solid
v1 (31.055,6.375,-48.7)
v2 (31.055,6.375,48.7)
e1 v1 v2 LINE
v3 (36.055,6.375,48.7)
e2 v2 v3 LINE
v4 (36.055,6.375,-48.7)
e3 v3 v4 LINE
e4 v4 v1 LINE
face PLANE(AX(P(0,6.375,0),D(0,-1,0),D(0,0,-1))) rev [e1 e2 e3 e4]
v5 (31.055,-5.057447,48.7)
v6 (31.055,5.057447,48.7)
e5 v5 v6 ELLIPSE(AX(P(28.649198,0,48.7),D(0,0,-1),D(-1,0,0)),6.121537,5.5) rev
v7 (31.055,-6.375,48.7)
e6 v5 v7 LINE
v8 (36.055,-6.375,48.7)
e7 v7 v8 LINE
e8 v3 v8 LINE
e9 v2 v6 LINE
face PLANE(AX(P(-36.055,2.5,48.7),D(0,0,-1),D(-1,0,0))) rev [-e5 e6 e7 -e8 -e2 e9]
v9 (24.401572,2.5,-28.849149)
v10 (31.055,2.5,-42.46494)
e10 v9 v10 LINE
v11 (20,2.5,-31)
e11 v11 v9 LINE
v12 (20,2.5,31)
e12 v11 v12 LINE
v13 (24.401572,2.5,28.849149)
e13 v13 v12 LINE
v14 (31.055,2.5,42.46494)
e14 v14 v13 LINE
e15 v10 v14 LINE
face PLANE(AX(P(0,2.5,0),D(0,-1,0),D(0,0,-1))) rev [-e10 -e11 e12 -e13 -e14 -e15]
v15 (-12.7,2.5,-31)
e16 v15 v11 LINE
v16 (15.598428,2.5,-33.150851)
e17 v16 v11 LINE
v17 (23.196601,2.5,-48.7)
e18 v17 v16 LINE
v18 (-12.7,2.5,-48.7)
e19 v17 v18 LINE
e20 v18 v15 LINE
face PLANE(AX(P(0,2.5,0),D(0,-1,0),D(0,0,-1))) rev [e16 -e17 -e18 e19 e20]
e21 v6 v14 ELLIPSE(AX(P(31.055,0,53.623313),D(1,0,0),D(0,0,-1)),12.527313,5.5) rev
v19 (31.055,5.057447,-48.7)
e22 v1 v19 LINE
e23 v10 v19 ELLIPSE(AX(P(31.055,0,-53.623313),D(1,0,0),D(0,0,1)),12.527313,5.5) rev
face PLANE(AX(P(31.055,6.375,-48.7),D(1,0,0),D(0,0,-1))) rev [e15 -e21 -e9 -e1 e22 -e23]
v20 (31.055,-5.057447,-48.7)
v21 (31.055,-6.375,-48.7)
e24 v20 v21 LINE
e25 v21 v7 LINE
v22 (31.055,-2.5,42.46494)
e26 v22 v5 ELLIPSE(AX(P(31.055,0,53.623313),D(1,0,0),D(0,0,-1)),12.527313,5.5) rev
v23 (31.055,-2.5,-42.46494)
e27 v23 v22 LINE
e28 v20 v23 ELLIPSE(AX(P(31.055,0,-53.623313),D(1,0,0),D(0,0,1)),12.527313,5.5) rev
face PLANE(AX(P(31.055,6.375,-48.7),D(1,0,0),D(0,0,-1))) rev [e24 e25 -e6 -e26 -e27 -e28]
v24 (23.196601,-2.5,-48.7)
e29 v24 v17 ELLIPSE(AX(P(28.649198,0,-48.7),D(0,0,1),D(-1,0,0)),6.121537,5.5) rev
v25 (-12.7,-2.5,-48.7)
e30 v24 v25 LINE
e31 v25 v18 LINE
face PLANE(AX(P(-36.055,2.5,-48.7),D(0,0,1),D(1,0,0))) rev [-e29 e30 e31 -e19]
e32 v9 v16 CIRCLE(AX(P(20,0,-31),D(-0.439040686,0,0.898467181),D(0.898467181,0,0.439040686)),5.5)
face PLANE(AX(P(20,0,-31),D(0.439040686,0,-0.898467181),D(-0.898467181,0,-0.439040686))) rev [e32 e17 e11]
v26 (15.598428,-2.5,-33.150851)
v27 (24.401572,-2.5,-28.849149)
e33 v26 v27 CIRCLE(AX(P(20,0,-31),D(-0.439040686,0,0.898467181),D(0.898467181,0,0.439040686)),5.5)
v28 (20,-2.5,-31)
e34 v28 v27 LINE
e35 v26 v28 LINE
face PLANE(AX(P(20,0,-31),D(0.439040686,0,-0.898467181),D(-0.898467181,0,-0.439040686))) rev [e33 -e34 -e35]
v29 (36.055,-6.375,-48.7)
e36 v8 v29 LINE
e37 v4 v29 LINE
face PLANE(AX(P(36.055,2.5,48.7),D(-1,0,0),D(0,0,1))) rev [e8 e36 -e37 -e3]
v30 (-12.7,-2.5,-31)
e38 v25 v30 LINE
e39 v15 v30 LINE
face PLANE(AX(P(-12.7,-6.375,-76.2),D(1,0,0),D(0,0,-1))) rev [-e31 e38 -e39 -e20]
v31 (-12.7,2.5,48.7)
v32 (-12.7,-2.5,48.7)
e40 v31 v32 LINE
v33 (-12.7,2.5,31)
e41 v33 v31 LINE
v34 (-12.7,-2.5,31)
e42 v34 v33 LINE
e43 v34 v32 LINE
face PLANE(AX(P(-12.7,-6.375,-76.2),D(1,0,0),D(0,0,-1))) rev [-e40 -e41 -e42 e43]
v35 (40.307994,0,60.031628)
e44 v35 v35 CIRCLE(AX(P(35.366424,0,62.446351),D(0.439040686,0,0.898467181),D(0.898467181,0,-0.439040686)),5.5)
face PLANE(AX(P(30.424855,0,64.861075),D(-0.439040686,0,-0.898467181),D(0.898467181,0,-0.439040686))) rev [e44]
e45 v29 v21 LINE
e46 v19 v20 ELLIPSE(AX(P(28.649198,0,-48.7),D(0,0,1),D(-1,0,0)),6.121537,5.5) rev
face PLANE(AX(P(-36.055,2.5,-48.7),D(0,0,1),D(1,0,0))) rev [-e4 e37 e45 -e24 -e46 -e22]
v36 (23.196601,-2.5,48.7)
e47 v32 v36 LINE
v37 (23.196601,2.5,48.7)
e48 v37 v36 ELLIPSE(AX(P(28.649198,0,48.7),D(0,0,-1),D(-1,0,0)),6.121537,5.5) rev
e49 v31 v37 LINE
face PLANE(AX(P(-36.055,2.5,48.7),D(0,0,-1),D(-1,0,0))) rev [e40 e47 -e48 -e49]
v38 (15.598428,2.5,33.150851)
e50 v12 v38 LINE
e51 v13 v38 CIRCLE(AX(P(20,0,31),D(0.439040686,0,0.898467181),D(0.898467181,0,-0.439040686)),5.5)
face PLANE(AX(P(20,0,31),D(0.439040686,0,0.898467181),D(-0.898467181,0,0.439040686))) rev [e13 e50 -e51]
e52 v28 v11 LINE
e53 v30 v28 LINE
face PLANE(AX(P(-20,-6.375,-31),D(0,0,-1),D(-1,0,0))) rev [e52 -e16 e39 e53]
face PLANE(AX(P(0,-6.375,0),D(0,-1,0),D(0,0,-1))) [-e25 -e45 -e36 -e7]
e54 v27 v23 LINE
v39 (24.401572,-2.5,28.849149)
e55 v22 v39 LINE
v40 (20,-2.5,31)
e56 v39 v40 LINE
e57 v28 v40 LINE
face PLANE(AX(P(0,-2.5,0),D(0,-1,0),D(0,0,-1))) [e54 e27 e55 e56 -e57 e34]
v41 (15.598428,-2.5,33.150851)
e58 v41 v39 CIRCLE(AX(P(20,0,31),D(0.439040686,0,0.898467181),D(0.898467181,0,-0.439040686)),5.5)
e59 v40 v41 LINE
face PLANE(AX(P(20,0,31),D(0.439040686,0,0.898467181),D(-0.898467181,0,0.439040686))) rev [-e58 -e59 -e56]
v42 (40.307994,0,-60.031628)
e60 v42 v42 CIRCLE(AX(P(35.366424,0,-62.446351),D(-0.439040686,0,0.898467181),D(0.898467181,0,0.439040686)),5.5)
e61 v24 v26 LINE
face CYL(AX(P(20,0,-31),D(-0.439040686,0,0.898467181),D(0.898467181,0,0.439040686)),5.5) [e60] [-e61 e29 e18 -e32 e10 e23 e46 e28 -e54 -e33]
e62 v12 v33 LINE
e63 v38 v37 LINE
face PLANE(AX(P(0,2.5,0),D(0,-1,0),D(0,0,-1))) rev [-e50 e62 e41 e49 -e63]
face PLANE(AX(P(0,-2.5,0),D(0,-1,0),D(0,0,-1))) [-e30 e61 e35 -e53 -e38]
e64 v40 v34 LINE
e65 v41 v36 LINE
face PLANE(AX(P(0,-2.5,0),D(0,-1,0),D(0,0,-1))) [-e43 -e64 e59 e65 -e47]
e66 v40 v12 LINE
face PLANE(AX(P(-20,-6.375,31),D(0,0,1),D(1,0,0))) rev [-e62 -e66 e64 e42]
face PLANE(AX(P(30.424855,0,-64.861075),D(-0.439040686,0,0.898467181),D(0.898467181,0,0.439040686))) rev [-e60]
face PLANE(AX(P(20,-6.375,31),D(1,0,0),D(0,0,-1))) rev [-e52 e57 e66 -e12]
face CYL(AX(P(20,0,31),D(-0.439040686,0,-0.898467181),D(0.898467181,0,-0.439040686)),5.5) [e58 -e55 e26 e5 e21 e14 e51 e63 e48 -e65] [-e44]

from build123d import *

# Parameters (mm, degrees)
SKETCH1_W               = 72.11
SKETCH1_H               = 97.4
BOSS_EXTRUDE1_DEPTH     = 2.5
SKETCH2_W               = 5
SKETCH2_H               = 97.4
BOSS_EXTRUDE2_DEPTH     = 6.375
CUT_EXTRUDE1_DEPTH      = 62.240661737
CUT_EXTRUDE1_DEPTH_BACK = 62.240661737
SKETCH3_W               = 40
SKETCH3_H               = 62
CUT_EXTRUDE2_DEPTH      = 77.631155751
CUT_EXTRUDE2_DEPTH_BACK = 77.631155751
SKETCH5_W               = 31.75
SKETCH5_H               = 152.4


with BuildPart() as part:
    # Sketch1 → Boss-Extrude1 (new, symmetric)
    with BuildSketch(Plane(origin=(0, 0, 0), x_dir=(1, 0, 0), z_dir=(0, 1, 0))):
        Rectangle(SKETCH1_W, SKETCH1_H)
    extrude(amount=BOSS_EXTRUDE1_DEPTH, both=True)

    # Sketch2 → Boss-Extrude2 (add, symmetric)
    with BuildSketch(Plane(origin=(0, 0, 0), x_dir=(1, 0, 0), z_dir=(0, 1, 0))):
        with Locations((-33.555, 0)):
            Rectangle(SKETCH2_W, SKETCH2_H)
        with Locations((33.555, 0)):
            Rectangle(SKETCH2_W, SKETCH2_H)
    extrude(amount=BOSS_EXTRUDE2_DEPTH, both=True)

    # Sketch3 → Cut-Extrude1 (cut, two sides: drawn at the far end of the back side and taken through both)
    with BuildSketch(Plane(origin=(0, 2.5, 0), x_dir=(1, 0, 0), z_dir=(0, 1, 0)).offset(-CUT_EXTRUDE1_DEPTH_BACK)):
        Rectangle(SKETCH3_W, SKETCH3_H)
    extrude(amount=CUT_EXTRUDE1_DEPTH + CUT_EXTRUDE1_DEPTH_BACK, mode=Mode.SUBTRACT)

    # Sketch4 → Revolve1 (revolve)
    with BuildSketch(Plane(origin=(0, 0, 0), x_dir=(1, 0, 0), z_dir=(0, 1, 0)), mode=Mode.PRIVATE) as revolve1_sk:
        Polygon((20, 31), (15.058430503, 33.414723774), (30.424854519, 64.86107512), (35.366424016, 62.446351346), align=None)
    revolve1 = revolve(revolve1_sk.sketch.rotate(Axis((20, 0, -31), (0.4390406861851917, 0, -0.8984671813004836)), 180), axis=Axis((20, 0, -31), (0.4390406861851917, 0, -0.8984671813004836)))

    # Mirror1: Revolve1 across plane
    add(revolve1.mirror(Plane.XY))

    # Sketch5 → Cut-Extrude2 (cut, two sides: drawn at the far end of the back side and taken through both)
    with BuildSketch(Plane(origin=(0, 0, 0), x_dir=(1, 0, 0), z_dir=(0, 1, 0)).offset(-CUT_EXTRUDE2_DEPTH_BACK)):
        with Locations((-28.575, 0)):
            Rectangle(SKETCH5_W, SKETCH5_H)
    extrude(amount=CUT_EXTRUDE2_DEPTH + CUT_EXTRUDE2_DEPTH_BACK, mode=Mode.SUBTRACT)


solid = part.part
